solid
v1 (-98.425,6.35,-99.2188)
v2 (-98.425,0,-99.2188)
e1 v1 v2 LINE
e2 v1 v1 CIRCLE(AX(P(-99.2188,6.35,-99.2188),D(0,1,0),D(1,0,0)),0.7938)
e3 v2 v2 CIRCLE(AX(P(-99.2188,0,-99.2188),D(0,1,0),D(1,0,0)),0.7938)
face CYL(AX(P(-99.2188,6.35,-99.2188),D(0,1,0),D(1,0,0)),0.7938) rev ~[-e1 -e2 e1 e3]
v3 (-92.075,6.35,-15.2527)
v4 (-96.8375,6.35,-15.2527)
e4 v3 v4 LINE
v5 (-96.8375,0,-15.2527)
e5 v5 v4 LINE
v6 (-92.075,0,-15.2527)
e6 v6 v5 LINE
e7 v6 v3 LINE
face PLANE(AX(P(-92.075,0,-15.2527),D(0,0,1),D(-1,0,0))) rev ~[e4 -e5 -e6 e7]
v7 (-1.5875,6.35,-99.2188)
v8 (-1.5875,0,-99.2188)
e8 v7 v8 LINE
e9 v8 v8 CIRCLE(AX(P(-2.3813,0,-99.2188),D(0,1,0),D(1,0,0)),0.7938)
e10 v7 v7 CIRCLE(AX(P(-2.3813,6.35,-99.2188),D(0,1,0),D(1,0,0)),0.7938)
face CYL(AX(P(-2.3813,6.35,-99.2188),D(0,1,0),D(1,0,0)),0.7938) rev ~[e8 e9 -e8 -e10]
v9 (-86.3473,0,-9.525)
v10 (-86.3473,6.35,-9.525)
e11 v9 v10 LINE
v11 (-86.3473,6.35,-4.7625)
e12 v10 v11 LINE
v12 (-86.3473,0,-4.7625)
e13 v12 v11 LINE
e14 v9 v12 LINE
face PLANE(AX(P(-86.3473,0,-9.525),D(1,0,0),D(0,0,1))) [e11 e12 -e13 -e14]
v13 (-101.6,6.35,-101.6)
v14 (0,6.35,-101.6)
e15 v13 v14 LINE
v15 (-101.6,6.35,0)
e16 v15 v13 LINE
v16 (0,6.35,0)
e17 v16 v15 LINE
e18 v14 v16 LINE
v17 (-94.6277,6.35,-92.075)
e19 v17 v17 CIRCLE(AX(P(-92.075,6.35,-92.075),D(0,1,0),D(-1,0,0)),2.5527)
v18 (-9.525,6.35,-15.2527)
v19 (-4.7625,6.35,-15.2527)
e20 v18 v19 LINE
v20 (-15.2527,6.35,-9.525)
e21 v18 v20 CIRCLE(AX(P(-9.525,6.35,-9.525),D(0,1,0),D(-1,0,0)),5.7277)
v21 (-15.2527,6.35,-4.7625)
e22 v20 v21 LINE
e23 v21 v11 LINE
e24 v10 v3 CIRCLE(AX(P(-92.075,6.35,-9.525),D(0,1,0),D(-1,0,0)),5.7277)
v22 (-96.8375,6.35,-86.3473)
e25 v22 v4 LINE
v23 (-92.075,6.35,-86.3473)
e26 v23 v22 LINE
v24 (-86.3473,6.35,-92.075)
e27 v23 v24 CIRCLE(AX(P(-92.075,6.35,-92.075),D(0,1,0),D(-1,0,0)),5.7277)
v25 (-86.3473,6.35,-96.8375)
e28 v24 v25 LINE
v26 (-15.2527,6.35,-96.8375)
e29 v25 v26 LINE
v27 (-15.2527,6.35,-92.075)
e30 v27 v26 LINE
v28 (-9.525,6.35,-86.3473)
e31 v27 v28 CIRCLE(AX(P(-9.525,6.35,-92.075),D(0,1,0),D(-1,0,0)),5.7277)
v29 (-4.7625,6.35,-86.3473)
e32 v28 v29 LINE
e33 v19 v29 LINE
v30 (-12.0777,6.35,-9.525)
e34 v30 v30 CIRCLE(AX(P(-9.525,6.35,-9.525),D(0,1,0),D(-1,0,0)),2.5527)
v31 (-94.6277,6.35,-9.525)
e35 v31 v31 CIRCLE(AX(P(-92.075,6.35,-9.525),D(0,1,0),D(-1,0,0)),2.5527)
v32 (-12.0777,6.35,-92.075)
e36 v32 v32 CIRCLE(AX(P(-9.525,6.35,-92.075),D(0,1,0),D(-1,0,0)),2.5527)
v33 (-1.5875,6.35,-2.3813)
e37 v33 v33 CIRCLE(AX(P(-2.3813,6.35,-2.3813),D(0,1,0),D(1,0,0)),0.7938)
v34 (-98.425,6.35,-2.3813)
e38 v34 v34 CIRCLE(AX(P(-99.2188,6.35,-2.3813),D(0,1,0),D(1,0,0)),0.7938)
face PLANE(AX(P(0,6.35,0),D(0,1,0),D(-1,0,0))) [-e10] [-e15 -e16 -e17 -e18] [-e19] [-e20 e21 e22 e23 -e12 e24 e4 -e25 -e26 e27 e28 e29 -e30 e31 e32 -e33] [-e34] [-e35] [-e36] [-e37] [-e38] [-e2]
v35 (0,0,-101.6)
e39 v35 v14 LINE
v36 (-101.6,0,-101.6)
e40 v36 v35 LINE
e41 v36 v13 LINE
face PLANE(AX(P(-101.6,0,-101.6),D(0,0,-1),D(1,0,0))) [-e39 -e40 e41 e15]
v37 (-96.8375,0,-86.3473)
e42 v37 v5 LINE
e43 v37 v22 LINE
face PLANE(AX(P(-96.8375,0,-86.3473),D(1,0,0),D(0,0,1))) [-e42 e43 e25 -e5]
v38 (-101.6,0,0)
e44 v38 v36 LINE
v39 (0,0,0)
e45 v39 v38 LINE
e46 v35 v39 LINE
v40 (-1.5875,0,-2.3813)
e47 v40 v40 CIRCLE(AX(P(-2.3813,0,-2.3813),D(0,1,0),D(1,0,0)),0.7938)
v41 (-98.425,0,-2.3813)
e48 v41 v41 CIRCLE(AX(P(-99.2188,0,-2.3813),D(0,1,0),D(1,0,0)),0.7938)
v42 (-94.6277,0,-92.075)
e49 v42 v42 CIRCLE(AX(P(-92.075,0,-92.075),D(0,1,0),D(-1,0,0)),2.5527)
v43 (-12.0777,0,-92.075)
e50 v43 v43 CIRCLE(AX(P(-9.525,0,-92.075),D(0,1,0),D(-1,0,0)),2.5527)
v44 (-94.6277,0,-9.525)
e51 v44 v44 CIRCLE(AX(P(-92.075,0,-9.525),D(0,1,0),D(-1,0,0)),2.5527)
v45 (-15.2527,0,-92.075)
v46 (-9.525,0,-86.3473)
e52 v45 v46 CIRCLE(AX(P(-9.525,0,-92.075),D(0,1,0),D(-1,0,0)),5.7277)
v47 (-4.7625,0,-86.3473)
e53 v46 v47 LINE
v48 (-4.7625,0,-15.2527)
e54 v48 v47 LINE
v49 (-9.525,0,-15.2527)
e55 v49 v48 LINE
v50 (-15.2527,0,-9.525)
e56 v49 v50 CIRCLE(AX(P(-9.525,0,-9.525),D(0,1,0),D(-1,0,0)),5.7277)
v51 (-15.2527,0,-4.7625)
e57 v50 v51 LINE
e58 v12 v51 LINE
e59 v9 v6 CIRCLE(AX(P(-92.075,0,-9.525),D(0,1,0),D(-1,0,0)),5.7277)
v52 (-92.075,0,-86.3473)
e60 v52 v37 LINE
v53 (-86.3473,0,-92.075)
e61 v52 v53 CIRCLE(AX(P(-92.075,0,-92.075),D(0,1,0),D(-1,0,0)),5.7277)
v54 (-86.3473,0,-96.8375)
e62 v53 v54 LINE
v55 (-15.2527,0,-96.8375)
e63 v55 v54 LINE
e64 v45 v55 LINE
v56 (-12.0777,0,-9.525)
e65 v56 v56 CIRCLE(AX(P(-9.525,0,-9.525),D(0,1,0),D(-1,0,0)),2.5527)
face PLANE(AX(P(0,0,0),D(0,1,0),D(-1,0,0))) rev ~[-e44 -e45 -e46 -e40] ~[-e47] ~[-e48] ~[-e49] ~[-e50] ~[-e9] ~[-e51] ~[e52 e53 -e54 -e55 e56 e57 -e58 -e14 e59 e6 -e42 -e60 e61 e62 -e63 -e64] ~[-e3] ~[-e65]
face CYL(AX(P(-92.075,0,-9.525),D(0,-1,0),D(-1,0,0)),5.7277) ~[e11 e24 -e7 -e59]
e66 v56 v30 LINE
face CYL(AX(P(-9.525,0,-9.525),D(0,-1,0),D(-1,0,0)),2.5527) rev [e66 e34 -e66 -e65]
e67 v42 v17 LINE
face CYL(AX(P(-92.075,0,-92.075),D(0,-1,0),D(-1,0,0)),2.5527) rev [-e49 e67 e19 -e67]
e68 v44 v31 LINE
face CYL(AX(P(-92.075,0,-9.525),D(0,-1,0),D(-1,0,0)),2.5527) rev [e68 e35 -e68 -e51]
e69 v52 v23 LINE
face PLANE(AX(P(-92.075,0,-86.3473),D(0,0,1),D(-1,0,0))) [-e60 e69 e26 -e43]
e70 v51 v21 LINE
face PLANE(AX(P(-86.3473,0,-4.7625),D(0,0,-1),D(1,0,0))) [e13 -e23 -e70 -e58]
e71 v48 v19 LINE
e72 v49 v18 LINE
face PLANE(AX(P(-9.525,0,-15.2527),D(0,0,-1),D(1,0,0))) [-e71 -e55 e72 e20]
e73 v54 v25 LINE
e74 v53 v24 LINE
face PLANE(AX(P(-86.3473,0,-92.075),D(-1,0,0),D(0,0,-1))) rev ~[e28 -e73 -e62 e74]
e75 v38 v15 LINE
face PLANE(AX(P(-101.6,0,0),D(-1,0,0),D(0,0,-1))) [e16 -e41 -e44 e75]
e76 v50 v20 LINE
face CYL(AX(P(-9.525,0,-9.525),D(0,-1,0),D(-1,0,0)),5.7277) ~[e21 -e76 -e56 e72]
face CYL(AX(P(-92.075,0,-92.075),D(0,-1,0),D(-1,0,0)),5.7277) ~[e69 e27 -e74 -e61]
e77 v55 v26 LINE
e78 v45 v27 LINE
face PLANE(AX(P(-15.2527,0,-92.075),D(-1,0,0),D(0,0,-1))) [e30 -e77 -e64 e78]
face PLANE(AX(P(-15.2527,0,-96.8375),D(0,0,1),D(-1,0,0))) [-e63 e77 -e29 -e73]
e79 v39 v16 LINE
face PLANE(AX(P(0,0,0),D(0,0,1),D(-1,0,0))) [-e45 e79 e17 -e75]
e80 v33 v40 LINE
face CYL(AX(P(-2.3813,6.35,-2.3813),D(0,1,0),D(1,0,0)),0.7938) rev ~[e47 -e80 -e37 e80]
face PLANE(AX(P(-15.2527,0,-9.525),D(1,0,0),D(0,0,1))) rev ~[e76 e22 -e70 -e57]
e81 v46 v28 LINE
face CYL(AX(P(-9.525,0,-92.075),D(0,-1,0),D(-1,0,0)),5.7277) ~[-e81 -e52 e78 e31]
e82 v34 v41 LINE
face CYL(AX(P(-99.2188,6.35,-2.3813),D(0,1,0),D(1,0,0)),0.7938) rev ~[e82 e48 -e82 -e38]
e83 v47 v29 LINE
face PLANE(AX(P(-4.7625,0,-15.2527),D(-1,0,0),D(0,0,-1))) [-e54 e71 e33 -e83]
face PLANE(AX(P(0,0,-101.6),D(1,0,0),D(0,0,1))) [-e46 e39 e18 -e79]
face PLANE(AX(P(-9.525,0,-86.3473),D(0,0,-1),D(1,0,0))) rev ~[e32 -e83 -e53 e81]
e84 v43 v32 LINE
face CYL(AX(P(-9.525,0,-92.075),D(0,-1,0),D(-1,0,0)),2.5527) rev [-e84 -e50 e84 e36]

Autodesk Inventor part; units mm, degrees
ref_plane "YZ Plane" through (0, 0, 0) normal (1, 0, 0) x (0, 1, 0)
ref_plane "XZ Plane" through (0, 0, 0) normal (0, 1, 0) x (-1, 0, 0)
ref_plane "XY Plane" through (0, 0, 0) normal (0, 0, 1) x (1, 0, 0)
sketch "Sketch1" plane through (0, 0, 0) normal (0, 1, 0) x (-1, 0, 0)
  line L0 (0, 0) -> (101.6, 0)
  line L1 (101.6, 0) -> (101.6, -101.6)
  line L2 (101.6, -101.6) -> (0, -101.6)
  line L3 (0, -101.6) -> (0, 0)
  line L4 (4.7625, -96.8375) -> (96.8375, -96.8375)
  line L5 (96.8375, -96.8375) -> (96.8375, -4.7625)
  line L6 (96.8375, -4.7625) -> (4.7625, -4.7625)
  line L7 (4.7625, -4.7625) -> (4.7625, -96.8375)
  circle A0 centre (9.525, -9.525) radius 2.5527
  circle A1 centre (9.525, -9.525) radius 5.7277
  line L8 (9.525, -15.2527) -> (4.7625, -15.2527)
  line L9 (15.2527, -9.525) -> (15.2527, -4.7625)
  circle A2 centre (9.525, -92.075) radius 2.5527
  circle A3 centre (9.525, -92.075) radius 5.7277
  line L10 (15.2527, -92.075) -> (15.2527, -96.8375)
  line L11 (9.525, -86.3473) -> (4.7625, -86.3473)
  circle A4 centre (92.075, -92.075) radius 2.5527
  circle A5 centre (92.075, -92.075) radius 5.7277
  line L12 (92.075, -86.3473) -> (96.8375, -86.3473)
  line L13 (86.3473, -92.075) -> (86.3473, -96.8375)
  circle A6 centre (92.075, -9.525) radius 2.5527
  circle A7 centre (92.075, -9.525) radius 5.7277
  line L14 (86.3473, -9.525) -> (86.3473, -4.7625)
  line L15 (92.075, -15.2527) -> (96.8375, -15.2527)
  line L16 (57.15, -4.7625) -> (44.45, -4.7625)
  line L17 (44.45, -4.7625) -> (44.45, -34.1313)
  line L18 (44.45, -34.1313) -> (57.15, -34.1313)
  line L19 (57.15, -34.1313) -> (57.15, -4.7625)
  line L20 (57.15, -96.8375) -> (44.45, -96.8375)
  line L21 (44.45, -96.8375) -> (44.45, -57.15)
  line L22 (44.45, -57.15) -> (57.15, -57.15)
  line L23 (57.15, -57.15) -> (57.15, -96.8375)
  line L24 (57.15, -34.1312) -> (44.45, -34.1312)
  line L25 (44.45, -34.1312) -> (44.45, -57.15) construction
  line L26 (44.45, -57.15) -> (57.15, -57.15)
  line L27 (57.15, -57.15) -> (57.15, -34.1312) construction
  point P0 (50.8, -50.8)
  point P1 (0, -50.8)
  point P2 (50.8, 0)
  point P3 (50.8, -4.7625)
  point P4 (50.8, -4.7625)
  point P5 (50.8, -96.8375)
  point P6 (50.8, -96.8375)
  point P7 (50.8, -34.1312)
  point P8 (50.8, -34.1313)
  point P9 (50.8, -50.8)
  point P10 (50.8, -57.15)
  dimension "d0" = 101.6
  dimension "d1" = 101.6
  dimension "d2" = 4.7625
  dimension "d3" = 5.1054
  dimension "d4" = 3.175
  dimension "d5" = 4.7625
  dimension "d6" = 4.7625
  dimension "d9" = 360
  dimension "d13" = 12.7
  dimension "d14" = 39.6875
  dimension "d15" = 29.3687
  dimension "d16" = 12.7
  dimension "d17" = 23.0188
  dimension "d18" = 6.35
extrude "Extrusion1" add sketch "Sketch1" along normal blind 6.35 contours L0 L1 L2 L3 | L4 A3 L10 | A3 L4 | L4 A3 L7 | L4 L7 A3 | A3 L7 L11 | L13 A5 L4 | A3 L7 | A5 L5 L4 | L4 A5 | L7 A1 L8 | A5 L5 L4 | L12 L5 A5 | A1 L7 | L7 A1 L6 | L5 A5 | L7 L6 A1 | A1 L6 L9 | L15 A7 L5 | A1 L6 | A7 L6 L5 | L5 A7 | A7 L6 L5 | L14 L6 A7 | L6 A7
sketch "Sketch2" plane through (0, 6.35, 0) normal (0, 1, 0) x (1, 0, 0)
  line L0 (0, 101.6) -> (-101.6, 101.6) projected
  line L1 (-101.6, 101.6) -> (-101.6, 0) projected
  line L2 (-101.6, 0) -> (0, 0) projected
  line L3 (0, 0) -> (0, 101.6) projected
  circle A0 centre (-9.525, 9.525) radius 2.5527 projected
  arc A1 (-9.525, 15.2527) -> (-15.2527, 9.525) centre (-9.525, 9.525) ccw projected
  line L4 (-15.2527, 9.525) -> (-15.2527, 4.7625) projected
  line L5 (-15.2527, 4.7625) -> (-86.3473, 4.7625) projected
  line L6 (-86.3473, 4.7625) -> (-86.3473, 9.525) projected
  arc A2 (-86.3473, 9.525) -> (-92.075, 15.2527) centre (-92.075, 9.525) ccw projected
  line L7 (-92.075, 15.2527) -> (-96.8375, 15.2527) projected
  line L8 (-96.8375, 15.2527) -> (-96.8375, 86.3473) projected
  line L9 (-96.8375, 86.3473) -> (-92.075, 86.3473) projected
  arc A3 (-92.075, 86.3473) -> (-86.3473, 92.075) centre (-92.075, 92.075) ccw projected
  line L10 (-86.3473, 92.075) -> (-86.3473, 96.8375) projected
  line L11 (-86.3473, 96.8375) -> (-15.2527, 96.8375) projected
  line L12 (-15.2527, 96.8375) -> (-15.2527, 92.075) projected
  arc A4 (-15.2527, 92.075) -> (-9.525, 86.3473) centre (-9.525, 92.075) ccw projected
  line L13 (-9.525, 86.3473) -> (-4.7625, 86.3473) projected
  line L14 (-4.7625, 86.3473) -> (-4.7625, 15.2527) projected
  line L15 (-4.7625, 15.2527) -> (-9.525, 15.2527) projected
  circle A5 centre (-9.525, 92.075) radius 2.5527 projected
  circle A6 centre (-92.075, 92.075) radius 2.5527 projected
  circle A7 centre (-92.075, 9.525) radius 2.5527 projected
  circle A8 centre (-99.2188, 99.2188) radius 0.7938
  circle A9 centre (-99.2188, 2.3813) radius 0.7938
  circle A10 centre (-2.3813, 99.2188) radius 0.7938
  circle A11 centre (-2.3813, 2.3813) radius 0.7938
  dimension "d20" = 1.5875
  dimension "d21" = 2.3813
  dimension "d22" = 2.3813
  dimension "d25" = 96.8375
  dimension "d28" = 96.8375
extrude "Extrusion2" cut sketch "Sketch2" against normal blind 6.35 contours A8 | A9 | A10 | A11
sketch "Sketch3" plane through (0, 6.35, 0) normal (0, 1, 0) x (1, 0, 0)
  circle A0 centre (-99.2188, 99.2188) radius 0.7938 projected
  circle A1 centre (-99.2188, 2.3813) radius 0.7938 projected
  circle A2 centre (-2.3813, 99.2188) radius 0.7938 projected
  circle A3 centre (-2.3813, 2.3813) radius 0.7938 projected
  line L0 (0, 101.6) -> (-101.6, 101.6) projected
  line L1 (-101.6, 101.6) -> (-101.6, 0) projected
  line L2 (-101.6, 0) -> (0, 0) projected
  line L3 (0, 0) -> (0, 101.6) projected
  circle A4 centre (-9.525, 9.525) radius 2.5527 projected
  arc A5 (-9.525, 15.2527) -> (-15.2527, 9.525) centre (-9.525, 9.525) ccw projected
  line L4 (-15.2527, 9.525) -> (-15.2527, 4.7625) projected
  line L5 (-15.2527, 4.7625) -> (-86.3473, 4.7625) projected
  line L6 (-86.3473, 4.7625) -> (-86.3473, 9.525) projected
  arc A6 (-86.3473, 9.525) -> (-92.075, 15.2527) centre (-92.075, 9.525) ccw projected
  line L7 (-92.075, 15.2527) -> (-96.8375, 15.2527) projected
  line L8 (-96.8375, 15.2527) -> (-96.8375, 86.3473) projected
  line L9 (-96.8375, 86.3473) -> (-92.075, 86.3473) projected
  arc A7 (-92.075, 86.3473) -> (-86.3473, 92.075) centre (-92.075, 92.075) ccw projected
  line L10 (-86.3473, 92.075) -> (-86.3473, 96.8375) projected
  line L11 (-86.3473, 96.8375) -> (-15.2527, 96.8375) projected
  line L12 (-15.2527, 96.8375) -> (-15.2527, 92.075) projected
  arc A8 (-15.2527, 92.075) -> (-9.525, 86.3473) centre (-9.525, 92.075) ccw projected
  line L13 (-9.525, 86.3473) -> (-4.7625, 86.3473) projected
  line L14 (-4.7625, 86.3473) -> (-4.7625, 15.2527) projected
  line L15 (-4.7625, 15.2527) -> (-9.525, 15.2527) projected
  circle A9 centre (-9.525, 92.075) radius 2.5527 projected
  circle A10 centre (-92.075, 92.075) radius 2.5527 projected
  circle A11 centre (-92.075, 9.525) radius 2.5527 projected
equation "\"d6\" = d5"
properties part number "Layer 1"
